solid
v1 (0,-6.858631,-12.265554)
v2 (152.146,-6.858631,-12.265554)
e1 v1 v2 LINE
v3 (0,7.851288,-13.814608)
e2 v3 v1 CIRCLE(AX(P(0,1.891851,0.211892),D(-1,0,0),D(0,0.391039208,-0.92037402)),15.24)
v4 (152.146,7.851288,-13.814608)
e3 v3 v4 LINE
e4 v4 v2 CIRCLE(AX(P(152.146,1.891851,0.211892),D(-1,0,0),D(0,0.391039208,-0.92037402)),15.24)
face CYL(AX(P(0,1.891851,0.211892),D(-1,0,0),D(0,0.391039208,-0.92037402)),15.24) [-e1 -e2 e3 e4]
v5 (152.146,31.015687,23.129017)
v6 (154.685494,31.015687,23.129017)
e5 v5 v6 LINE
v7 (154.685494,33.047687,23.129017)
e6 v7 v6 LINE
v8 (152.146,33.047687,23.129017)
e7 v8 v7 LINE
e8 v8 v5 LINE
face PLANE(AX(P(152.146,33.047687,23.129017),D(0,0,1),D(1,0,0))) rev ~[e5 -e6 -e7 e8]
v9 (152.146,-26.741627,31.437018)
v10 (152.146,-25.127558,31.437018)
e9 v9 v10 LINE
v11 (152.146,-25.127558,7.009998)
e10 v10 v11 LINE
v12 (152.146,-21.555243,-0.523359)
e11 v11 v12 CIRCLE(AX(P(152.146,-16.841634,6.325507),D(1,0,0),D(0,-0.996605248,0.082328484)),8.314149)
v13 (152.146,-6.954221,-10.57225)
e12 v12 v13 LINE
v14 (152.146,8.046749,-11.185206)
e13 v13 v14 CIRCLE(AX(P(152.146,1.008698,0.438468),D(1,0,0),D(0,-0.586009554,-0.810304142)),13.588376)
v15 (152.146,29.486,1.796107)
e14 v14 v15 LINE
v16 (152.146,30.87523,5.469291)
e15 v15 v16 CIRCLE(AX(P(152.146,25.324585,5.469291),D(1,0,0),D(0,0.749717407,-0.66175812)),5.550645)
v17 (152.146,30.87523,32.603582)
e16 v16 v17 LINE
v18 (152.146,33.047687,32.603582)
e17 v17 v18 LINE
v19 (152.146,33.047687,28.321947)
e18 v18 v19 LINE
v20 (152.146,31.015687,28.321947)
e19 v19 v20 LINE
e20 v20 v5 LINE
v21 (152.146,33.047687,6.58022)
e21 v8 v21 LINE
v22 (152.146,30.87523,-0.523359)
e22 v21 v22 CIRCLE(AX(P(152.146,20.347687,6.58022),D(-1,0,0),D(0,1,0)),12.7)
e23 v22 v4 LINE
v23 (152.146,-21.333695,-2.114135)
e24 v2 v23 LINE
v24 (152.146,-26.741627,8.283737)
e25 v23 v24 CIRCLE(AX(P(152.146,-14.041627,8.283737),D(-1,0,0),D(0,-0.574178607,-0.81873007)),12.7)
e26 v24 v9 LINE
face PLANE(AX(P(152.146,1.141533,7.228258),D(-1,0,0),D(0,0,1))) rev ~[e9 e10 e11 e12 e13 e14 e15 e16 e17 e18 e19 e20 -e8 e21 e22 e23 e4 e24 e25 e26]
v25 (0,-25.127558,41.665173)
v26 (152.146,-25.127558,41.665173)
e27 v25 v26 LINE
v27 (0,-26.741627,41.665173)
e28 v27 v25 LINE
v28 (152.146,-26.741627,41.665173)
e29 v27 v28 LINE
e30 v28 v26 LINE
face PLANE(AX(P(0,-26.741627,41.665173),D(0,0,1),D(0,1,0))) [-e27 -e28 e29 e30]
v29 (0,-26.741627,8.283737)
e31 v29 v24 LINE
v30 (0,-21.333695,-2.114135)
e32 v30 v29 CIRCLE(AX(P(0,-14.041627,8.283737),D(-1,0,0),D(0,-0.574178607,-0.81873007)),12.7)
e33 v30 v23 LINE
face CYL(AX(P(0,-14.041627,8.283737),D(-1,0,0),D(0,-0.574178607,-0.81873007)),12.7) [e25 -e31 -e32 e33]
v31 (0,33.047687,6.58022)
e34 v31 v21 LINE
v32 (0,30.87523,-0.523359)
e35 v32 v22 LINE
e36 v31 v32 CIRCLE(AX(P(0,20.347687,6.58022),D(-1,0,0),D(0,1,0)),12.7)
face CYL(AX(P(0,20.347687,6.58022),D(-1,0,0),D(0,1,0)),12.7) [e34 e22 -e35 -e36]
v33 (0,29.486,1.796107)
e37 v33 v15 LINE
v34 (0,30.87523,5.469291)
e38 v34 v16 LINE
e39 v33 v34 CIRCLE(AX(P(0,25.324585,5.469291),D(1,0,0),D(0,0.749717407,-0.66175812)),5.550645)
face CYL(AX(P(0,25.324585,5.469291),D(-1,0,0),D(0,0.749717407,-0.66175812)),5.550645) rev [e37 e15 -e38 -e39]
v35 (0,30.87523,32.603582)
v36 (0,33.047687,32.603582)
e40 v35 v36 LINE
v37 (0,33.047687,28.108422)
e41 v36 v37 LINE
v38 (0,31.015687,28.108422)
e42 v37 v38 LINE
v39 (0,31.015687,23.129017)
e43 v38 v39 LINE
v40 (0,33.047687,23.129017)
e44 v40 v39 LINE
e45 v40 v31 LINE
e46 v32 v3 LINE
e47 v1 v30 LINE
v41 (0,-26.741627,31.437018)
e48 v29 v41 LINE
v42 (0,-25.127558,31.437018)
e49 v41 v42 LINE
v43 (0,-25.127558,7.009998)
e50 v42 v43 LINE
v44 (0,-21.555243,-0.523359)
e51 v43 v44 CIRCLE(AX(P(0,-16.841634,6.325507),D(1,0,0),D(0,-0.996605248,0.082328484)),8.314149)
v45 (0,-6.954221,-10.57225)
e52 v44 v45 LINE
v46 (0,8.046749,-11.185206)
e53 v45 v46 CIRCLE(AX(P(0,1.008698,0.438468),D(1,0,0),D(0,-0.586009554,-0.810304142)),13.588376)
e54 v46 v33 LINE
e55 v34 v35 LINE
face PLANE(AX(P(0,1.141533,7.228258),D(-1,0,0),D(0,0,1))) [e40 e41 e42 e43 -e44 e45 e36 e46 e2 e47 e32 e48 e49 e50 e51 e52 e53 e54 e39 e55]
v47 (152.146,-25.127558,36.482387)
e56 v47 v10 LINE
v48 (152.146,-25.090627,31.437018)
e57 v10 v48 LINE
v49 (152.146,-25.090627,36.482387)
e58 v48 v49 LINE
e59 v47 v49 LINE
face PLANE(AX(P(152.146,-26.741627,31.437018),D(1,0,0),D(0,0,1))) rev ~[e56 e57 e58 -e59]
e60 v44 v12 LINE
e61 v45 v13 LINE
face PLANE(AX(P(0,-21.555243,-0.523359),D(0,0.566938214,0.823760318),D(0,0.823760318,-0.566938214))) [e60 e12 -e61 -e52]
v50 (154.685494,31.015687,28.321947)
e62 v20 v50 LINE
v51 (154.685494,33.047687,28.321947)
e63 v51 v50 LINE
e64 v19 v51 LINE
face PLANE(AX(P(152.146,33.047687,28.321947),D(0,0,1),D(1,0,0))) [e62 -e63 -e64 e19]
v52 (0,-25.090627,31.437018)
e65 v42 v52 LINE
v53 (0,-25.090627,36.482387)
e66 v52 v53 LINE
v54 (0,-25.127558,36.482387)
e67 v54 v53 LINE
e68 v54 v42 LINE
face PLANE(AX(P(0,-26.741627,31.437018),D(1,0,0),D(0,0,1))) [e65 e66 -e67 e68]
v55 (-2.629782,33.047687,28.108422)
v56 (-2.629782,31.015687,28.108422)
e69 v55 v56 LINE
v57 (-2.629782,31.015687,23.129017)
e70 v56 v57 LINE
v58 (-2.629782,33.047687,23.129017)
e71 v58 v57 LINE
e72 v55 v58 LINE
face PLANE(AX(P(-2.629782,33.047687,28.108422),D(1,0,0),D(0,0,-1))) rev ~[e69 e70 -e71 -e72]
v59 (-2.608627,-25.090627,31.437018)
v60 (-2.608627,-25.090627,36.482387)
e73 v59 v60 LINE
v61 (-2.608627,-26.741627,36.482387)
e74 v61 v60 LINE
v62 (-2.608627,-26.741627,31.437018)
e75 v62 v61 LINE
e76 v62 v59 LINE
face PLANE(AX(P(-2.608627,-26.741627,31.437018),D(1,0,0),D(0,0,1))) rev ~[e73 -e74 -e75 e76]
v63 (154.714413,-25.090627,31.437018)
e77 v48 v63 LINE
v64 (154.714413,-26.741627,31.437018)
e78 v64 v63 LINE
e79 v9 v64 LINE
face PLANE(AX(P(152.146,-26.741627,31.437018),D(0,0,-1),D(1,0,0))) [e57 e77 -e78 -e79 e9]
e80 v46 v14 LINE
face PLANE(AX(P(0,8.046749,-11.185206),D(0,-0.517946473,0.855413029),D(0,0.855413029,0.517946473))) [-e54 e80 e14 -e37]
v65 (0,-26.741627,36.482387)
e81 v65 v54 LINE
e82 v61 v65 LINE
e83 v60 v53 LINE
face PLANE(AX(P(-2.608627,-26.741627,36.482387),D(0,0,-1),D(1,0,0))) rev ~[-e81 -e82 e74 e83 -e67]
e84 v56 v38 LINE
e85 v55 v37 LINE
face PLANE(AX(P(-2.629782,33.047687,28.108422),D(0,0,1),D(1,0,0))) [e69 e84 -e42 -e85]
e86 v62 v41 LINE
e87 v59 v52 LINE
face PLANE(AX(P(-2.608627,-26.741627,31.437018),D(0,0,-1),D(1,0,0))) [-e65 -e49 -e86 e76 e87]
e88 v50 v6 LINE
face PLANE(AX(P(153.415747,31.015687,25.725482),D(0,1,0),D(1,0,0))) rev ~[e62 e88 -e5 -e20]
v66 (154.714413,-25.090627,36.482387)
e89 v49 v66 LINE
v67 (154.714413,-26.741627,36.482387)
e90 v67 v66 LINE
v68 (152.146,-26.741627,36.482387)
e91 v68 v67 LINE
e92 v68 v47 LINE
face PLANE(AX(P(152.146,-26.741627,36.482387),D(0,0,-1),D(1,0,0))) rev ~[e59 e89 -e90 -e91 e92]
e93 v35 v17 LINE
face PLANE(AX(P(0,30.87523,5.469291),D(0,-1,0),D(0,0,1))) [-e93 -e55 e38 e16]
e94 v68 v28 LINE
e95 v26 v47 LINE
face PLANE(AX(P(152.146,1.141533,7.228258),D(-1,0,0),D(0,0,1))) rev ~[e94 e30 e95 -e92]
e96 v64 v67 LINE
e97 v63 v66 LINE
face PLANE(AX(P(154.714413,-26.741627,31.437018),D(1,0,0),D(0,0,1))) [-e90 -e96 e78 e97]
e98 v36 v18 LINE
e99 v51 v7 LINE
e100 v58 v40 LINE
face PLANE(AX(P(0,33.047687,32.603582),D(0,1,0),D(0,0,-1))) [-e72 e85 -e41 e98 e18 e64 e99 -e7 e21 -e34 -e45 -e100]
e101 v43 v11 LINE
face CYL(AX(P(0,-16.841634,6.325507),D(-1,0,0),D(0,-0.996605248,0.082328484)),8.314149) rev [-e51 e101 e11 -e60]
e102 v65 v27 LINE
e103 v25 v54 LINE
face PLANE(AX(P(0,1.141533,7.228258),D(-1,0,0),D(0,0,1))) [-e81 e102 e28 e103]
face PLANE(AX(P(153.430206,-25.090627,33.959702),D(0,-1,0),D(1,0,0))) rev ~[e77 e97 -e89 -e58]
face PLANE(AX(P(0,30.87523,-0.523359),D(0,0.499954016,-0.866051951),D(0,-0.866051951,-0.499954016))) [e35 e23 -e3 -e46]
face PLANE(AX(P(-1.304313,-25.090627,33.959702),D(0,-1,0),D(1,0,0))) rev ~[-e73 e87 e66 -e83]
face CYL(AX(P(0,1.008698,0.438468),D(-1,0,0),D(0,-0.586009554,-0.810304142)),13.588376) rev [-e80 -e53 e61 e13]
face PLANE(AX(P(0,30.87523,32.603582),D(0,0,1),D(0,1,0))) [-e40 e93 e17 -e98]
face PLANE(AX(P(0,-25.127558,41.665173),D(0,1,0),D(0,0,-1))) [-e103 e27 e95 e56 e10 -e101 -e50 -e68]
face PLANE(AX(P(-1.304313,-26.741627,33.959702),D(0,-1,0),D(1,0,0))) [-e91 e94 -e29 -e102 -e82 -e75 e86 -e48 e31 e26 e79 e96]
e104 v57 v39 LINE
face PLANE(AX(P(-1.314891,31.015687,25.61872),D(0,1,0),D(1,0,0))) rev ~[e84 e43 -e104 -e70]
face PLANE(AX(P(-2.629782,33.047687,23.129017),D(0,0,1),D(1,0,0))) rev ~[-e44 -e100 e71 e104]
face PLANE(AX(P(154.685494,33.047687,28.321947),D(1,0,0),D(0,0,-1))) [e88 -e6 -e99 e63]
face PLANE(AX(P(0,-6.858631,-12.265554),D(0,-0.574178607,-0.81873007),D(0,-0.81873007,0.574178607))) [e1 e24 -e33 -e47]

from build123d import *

# Parameters (mm, degrees)
BOSS_EXTRUDE1_DEPTH = 152.146
SKETCH2_W           = 2.629781943
SKETCH2_H           = 4.979405242
SKETCH2_W_2         = 2.539494313
SKETCH2_H_2         = 5.192930254
BOSS_EXTRUDE3_DEPTH = 2.032
SKETCH3_W           = 2.60862661
SKETCH3_H           = 5.045368892
SKETCH3_W_2         = 2.568412546
BOSS_EXTRUDE4_DEPTH = 1.651


with BuildPart() as part:
    # Sketch1 → Boss-Extrude1 (new body)
    with BuildSketch(Plane(origin=(0, 0, 0), x_dir=(0, 0, -1), z_dir=(1, 0, 0))):
        with BuildLine():
            Line((-32.603582083, 33.04768703), (-6.580220299, 33.04768703))
            ThreePointArc((-6.580220299, 33.04768703), (-2.866044415, 32.492434763), (0.523359095, 30.875229944))
            Line((0.523359095, 30.875229944), (13.81460794, 7.851288488))
            ThreePointArc((13.81460794, 7.851288488), (14.944302174, 0.295801394), (12.265554132, -6.858631022))
            Line((12.265554132, -6.858631022), (2.114134999, -21.333695036))
            ThreePointArc((2.114134999, -21.333695036), (-2.423671509, -25.308819533), (-8.283736886, -26.741626725))
            Line((-8.283736886, -26.741626725), (-41.665173314, -26.741626725))
            Line((-41.665173314, -26.741626725), (-41.665173314, -25.127558449))
            Line((-41.665173314, -25.127558449), (-7.009997937, -25.127558449))
            ThreePointArc((-7.009997937, -25.127558449), (-2.763170648, -24.353946154), (0.523359095, -21.555242836))
            Line((0.523359095, -21.555242836), (10.572249768, -6.954220772))
            ThreePointArc((10.572249768, -6.954220772), (13.138578862, 0.45392413), (11.185206305, 8.046749136))
            Line((11.185206305, 8.046749136), (-1.796106944, 29.486000218))
            ThreePointArc((-1.796106944, 29.486000218), (-3.505733028, 30.516318699), (-5.469291084, 30.875229944))
            Line((-5.469291084, 30.875229944), (-32.603582083, 30.875229944))
            Line((-32.603582083, 30.875229944), (-32.603582083, 33.04768703))
        make_face()
    extrude(amount=BOSS_EXTRUDE1_DEPTH)

    # Sketch2 → Boss-Extrude3 (add)
    with BuildSketch(Plane(origin=(0, 33.04768703, 0), x_dir=(1, 0, 0), z_dir=(0, 1, 0))):
        with Locations((-1.314890972, -25.618719559)):
            Rectangle(SKETCH2_W, SKETCH2_H)
        with Locations((153.415747157, -25.725482065)):
            Rectangle(SKETCH2_W_2, SKETCH2_H_2)
    extrude(amount=-BOSS_EXTRUDE3_DEPTH)

    # Sketch3 → Boss-Extrude4 (add)
    with BuildSketch(Plane.XZ.offset(26.741626725)):
        with Locations((-1.304313305, 33.959702232)):
            Rectangle(SKETCH3_W, SKETCH3_H)
        with Locations((153.430206273, 33.959702232)):
            Rectangle(SKETCH3_W_2, SKETCH3_H)
    extrude(amount=-BOSS_EXTRUDE4_DEPTH)


solid = part.part
